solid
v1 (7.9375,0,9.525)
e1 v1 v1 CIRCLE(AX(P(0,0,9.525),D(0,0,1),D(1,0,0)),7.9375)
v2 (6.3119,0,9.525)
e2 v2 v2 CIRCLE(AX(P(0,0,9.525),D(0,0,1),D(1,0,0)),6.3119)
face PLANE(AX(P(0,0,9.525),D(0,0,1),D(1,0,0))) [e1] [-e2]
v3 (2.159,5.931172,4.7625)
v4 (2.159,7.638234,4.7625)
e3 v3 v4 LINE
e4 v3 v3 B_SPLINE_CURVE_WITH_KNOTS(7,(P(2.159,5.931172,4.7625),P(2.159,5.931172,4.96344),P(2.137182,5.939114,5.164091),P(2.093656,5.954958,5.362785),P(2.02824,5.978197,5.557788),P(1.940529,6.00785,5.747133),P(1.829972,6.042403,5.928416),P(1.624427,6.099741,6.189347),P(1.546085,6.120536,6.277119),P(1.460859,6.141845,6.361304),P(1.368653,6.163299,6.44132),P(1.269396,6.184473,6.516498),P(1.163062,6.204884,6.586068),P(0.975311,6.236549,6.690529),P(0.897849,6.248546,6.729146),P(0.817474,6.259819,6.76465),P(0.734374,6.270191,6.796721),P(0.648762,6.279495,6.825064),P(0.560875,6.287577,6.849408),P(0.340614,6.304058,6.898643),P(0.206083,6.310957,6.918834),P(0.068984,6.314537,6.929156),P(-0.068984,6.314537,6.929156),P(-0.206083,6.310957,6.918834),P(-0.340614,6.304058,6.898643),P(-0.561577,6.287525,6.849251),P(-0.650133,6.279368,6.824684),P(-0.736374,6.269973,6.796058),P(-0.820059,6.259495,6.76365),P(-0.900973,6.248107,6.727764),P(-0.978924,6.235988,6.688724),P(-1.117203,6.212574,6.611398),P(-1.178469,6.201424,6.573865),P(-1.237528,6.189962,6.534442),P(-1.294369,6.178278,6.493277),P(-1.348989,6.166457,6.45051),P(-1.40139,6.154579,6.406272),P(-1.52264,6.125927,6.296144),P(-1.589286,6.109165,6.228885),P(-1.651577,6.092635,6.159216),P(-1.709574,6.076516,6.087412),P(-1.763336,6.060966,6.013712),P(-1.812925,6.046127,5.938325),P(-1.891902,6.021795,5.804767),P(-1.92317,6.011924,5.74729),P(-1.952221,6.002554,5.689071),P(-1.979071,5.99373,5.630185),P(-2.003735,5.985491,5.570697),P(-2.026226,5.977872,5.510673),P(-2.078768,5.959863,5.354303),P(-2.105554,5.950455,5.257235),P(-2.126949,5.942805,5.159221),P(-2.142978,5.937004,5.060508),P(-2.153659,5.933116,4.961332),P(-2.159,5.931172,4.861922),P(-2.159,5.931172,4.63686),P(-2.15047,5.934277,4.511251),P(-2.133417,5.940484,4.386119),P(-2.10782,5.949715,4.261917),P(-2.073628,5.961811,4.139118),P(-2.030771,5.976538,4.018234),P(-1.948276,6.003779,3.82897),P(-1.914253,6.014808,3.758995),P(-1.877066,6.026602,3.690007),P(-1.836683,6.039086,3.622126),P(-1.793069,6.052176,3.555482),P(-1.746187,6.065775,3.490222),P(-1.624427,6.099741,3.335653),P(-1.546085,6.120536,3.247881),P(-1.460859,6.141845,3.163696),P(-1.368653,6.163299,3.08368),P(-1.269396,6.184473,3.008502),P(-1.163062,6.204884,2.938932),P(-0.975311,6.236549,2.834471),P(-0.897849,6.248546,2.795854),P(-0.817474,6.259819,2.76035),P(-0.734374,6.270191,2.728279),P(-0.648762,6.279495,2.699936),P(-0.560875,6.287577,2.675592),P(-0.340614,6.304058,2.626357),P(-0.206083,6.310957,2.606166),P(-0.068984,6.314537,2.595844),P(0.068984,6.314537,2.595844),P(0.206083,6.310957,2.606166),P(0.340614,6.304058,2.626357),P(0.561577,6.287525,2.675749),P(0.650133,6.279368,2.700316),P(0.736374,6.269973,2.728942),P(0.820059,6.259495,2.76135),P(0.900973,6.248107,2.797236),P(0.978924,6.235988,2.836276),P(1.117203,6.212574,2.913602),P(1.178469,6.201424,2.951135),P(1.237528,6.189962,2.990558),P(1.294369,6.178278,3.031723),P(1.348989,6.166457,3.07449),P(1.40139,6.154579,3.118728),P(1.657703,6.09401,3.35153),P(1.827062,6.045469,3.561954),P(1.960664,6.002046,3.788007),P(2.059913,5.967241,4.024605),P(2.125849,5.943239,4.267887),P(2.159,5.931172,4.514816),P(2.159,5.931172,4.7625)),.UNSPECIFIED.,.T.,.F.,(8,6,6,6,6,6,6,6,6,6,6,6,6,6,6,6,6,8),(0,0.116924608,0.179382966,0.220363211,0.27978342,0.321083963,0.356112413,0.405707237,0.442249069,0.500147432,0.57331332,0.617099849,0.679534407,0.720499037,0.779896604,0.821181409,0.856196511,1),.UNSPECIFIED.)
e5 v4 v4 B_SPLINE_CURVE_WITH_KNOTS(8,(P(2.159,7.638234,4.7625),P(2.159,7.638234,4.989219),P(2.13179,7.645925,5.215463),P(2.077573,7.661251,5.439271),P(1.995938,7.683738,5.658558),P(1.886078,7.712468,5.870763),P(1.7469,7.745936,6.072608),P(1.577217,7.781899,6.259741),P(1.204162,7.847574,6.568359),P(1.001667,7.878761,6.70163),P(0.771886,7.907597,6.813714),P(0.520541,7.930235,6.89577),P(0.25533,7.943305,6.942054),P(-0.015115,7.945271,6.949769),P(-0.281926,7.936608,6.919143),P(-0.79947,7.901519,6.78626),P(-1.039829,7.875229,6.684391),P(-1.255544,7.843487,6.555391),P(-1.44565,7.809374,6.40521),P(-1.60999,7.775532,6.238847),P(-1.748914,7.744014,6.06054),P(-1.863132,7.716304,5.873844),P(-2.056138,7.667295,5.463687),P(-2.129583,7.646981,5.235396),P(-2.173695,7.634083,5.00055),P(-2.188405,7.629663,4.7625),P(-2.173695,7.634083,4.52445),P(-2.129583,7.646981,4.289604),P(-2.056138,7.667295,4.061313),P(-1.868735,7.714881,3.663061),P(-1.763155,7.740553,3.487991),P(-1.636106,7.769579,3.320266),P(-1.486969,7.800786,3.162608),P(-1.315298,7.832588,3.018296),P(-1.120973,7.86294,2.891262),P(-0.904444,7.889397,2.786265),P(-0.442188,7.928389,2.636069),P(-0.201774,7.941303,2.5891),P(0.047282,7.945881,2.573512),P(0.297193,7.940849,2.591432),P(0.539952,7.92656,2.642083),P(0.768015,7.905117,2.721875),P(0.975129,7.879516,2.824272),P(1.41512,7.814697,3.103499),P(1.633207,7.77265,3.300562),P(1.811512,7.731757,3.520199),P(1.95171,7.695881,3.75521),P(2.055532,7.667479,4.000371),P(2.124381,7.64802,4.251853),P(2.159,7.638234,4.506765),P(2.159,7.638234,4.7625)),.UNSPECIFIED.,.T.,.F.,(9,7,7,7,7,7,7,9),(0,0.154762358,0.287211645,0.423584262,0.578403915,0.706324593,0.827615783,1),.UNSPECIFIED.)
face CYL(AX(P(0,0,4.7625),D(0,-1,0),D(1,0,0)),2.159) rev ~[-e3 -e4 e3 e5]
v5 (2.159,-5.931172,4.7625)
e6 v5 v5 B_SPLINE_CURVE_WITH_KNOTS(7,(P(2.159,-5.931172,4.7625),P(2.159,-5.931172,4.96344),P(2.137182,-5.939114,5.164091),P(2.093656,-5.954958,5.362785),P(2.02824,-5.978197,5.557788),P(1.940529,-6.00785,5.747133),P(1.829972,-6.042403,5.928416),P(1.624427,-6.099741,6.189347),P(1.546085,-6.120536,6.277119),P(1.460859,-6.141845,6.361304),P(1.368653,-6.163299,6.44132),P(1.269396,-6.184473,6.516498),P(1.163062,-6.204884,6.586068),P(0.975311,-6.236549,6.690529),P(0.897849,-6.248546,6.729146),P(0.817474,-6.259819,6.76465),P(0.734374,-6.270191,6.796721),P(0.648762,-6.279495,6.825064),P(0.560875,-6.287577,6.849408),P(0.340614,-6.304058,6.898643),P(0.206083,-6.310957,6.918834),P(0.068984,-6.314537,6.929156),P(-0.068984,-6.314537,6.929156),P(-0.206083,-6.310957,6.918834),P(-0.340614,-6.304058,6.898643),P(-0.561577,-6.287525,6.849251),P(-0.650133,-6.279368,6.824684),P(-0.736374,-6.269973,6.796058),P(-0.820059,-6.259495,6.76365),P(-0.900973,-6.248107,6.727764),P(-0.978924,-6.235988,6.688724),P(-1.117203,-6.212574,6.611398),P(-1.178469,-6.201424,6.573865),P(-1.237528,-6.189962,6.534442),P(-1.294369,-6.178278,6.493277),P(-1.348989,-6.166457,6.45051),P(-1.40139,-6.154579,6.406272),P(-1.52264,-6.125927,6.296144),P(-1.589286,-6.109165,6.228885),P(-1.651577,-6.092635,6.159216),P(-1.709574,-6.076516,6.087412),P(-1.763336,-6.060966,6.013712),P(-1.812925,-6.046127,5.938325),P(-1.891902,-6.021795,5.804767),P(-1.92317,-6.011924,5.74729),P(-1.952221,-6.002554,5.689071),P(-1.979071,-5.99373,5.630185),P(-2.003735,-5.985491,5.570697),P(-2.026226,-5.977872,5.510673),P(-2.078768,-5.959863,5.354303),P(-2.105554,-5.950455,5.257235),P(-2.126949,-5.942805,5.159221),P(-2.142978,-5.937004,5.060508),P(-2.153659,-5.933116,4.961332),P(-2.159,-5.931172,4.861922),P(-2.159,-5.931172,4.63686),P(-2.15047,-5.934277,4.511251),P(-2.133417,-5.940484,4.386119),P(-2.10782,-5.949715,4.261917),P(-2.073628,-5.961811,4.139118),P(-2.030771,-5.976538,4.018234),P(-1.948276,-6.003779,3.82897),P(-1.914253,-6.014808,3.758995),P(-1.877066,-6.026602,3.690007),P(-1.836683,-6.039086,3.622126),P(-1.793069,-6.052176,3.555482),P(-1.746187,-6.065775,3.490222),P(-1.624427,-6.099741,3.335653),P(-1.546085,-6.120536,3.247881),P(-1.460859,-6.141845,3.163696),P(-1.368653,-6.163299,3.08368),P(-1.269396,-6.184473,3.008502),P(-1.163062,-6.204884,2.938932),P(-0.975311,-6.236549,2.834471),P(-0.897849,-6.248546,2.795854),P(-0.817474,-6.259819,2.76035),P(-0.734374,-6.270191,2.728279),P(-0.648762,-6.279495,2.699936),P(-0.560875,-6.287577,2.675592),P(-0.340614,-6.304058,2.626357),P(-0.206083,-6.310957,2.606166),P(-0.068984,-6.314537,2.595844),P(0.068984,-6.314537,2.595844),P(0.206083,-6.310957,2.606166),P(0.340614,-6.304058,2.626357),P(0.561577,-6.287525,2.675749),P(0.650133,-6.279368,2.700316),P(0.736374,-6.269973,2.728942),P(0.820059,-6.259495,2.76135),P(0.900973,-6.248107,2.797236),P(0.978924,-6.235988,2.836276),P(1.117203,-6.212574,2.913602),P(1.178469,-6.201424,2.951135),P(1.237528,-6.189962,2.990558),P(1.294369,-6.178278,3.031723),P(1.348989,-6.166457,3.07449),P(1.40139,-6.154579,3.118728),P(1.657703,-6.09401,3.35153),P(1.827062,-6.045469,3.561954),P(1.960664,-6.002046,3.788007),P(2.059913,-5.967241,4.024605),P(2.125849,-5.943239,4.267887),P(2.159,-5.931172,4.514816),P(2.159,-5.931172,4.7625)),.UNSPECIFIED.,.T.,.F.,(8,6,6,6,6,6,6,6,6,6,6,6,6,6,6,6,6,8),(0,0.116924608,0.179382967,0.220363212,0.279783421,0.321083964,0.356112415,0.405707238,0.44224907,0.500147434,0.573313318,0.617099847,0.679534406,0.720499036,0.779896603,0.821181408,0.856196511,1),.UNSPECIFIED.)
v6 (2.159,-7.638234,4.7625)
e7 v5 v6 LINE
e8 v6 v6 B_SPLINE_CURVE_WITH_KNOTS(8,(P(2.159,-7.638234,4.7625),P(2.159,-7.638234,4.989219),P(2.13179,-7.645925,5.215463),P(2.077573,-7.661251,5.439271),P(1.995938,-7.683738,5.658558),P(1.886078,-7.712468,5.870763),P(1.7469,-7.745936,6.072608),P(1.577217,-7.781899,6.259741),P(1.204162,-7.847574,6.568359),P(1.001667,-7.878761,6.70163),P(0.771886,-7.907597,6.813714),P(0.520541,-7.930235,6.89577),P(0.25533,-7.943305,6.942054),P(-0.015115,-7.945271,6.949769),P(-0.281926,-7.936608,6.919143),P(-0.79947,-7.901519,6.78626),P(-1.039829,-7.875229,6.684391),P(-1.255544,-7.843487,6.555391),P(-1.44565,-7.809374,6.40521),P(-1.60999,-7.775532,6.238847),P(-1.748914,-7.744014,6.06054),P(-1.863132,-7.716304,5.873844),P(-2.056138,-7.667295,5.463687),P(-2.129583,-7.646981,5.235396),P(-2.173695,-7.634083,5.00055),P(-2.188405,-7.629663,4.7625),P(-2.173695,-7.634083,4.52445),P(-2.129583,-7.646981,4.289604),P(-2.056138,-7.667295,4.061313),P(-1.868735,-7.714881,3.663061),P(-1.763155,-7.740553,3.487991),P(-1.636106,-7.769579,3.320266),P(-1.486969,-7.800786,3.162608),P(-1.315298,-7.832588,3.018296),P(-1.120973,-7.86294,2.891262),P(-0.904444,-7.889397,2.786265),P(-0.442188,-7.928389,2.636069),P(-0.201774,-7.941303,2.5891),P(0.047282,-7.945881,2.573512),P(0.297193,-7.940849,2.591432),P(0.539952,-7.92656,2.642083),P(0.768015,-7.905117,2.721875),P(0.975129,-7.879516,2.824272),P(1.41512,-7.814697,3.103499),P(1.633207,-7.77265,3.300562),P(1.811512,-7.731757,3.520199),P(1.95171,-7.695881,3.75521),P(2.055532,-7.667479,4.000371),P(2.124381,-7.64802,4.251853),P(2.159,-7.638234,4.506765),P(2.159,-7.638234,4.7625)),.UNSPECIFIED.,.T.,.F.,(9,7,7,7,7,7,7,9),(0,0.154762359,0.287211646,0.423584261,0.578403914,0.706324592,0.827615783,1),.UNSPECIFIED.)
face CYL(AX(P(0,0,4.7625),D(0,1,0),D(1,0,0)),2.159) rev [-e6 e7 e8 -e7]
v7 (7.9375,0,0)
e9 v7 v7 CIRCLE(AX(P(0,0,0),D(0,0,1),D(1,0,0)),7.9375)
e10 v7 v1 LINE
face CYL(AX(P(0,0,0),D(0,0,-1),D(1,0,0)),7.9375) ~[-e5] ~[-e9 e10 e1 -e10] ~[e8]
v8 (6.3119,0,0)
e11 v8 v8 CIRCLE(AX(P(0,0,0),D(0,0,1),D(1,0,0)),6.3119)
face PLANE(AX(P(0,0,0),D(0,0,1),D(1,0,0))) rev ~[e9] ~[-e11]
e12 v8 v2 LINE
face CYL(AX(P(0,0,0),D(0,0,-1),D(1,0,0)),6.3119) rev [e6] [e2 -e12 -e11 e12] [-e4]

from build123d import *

# Parameters (mm, degrees)
F0_R          = 7.9375
F0_R_2        = 6.3119
F1_DEPTH      = 9.525
F2_R          = 2.159
F3_DEPTH      = 25.4
F3_DEPTH_BACK = 25.4


with BuildPart() as f1:
    # F0 (on Top) → F1 (new body)
    with BuildSketch(Plane.XY):
        Circle(F0_R)
        Circle(F0_R_2, mode=Mode.SUBTRACT)
    extrude(amount=F1_DEPTH)

    # F2 (on Front) → F3 (cut, two sides)
    with BuildSketch(Plane.XZ) as f3_sk:
        with Locations((0, 4.7625)):
            Circle(F2_R)
    extrude(amount=-F3_DEPTH, mode=Mode.SUBTRACT)
    extrude(f3_sk.sketch, amount=F3_DEPTH_BACK, mode=Mode.SUBTRACT)


solid = f1.part
